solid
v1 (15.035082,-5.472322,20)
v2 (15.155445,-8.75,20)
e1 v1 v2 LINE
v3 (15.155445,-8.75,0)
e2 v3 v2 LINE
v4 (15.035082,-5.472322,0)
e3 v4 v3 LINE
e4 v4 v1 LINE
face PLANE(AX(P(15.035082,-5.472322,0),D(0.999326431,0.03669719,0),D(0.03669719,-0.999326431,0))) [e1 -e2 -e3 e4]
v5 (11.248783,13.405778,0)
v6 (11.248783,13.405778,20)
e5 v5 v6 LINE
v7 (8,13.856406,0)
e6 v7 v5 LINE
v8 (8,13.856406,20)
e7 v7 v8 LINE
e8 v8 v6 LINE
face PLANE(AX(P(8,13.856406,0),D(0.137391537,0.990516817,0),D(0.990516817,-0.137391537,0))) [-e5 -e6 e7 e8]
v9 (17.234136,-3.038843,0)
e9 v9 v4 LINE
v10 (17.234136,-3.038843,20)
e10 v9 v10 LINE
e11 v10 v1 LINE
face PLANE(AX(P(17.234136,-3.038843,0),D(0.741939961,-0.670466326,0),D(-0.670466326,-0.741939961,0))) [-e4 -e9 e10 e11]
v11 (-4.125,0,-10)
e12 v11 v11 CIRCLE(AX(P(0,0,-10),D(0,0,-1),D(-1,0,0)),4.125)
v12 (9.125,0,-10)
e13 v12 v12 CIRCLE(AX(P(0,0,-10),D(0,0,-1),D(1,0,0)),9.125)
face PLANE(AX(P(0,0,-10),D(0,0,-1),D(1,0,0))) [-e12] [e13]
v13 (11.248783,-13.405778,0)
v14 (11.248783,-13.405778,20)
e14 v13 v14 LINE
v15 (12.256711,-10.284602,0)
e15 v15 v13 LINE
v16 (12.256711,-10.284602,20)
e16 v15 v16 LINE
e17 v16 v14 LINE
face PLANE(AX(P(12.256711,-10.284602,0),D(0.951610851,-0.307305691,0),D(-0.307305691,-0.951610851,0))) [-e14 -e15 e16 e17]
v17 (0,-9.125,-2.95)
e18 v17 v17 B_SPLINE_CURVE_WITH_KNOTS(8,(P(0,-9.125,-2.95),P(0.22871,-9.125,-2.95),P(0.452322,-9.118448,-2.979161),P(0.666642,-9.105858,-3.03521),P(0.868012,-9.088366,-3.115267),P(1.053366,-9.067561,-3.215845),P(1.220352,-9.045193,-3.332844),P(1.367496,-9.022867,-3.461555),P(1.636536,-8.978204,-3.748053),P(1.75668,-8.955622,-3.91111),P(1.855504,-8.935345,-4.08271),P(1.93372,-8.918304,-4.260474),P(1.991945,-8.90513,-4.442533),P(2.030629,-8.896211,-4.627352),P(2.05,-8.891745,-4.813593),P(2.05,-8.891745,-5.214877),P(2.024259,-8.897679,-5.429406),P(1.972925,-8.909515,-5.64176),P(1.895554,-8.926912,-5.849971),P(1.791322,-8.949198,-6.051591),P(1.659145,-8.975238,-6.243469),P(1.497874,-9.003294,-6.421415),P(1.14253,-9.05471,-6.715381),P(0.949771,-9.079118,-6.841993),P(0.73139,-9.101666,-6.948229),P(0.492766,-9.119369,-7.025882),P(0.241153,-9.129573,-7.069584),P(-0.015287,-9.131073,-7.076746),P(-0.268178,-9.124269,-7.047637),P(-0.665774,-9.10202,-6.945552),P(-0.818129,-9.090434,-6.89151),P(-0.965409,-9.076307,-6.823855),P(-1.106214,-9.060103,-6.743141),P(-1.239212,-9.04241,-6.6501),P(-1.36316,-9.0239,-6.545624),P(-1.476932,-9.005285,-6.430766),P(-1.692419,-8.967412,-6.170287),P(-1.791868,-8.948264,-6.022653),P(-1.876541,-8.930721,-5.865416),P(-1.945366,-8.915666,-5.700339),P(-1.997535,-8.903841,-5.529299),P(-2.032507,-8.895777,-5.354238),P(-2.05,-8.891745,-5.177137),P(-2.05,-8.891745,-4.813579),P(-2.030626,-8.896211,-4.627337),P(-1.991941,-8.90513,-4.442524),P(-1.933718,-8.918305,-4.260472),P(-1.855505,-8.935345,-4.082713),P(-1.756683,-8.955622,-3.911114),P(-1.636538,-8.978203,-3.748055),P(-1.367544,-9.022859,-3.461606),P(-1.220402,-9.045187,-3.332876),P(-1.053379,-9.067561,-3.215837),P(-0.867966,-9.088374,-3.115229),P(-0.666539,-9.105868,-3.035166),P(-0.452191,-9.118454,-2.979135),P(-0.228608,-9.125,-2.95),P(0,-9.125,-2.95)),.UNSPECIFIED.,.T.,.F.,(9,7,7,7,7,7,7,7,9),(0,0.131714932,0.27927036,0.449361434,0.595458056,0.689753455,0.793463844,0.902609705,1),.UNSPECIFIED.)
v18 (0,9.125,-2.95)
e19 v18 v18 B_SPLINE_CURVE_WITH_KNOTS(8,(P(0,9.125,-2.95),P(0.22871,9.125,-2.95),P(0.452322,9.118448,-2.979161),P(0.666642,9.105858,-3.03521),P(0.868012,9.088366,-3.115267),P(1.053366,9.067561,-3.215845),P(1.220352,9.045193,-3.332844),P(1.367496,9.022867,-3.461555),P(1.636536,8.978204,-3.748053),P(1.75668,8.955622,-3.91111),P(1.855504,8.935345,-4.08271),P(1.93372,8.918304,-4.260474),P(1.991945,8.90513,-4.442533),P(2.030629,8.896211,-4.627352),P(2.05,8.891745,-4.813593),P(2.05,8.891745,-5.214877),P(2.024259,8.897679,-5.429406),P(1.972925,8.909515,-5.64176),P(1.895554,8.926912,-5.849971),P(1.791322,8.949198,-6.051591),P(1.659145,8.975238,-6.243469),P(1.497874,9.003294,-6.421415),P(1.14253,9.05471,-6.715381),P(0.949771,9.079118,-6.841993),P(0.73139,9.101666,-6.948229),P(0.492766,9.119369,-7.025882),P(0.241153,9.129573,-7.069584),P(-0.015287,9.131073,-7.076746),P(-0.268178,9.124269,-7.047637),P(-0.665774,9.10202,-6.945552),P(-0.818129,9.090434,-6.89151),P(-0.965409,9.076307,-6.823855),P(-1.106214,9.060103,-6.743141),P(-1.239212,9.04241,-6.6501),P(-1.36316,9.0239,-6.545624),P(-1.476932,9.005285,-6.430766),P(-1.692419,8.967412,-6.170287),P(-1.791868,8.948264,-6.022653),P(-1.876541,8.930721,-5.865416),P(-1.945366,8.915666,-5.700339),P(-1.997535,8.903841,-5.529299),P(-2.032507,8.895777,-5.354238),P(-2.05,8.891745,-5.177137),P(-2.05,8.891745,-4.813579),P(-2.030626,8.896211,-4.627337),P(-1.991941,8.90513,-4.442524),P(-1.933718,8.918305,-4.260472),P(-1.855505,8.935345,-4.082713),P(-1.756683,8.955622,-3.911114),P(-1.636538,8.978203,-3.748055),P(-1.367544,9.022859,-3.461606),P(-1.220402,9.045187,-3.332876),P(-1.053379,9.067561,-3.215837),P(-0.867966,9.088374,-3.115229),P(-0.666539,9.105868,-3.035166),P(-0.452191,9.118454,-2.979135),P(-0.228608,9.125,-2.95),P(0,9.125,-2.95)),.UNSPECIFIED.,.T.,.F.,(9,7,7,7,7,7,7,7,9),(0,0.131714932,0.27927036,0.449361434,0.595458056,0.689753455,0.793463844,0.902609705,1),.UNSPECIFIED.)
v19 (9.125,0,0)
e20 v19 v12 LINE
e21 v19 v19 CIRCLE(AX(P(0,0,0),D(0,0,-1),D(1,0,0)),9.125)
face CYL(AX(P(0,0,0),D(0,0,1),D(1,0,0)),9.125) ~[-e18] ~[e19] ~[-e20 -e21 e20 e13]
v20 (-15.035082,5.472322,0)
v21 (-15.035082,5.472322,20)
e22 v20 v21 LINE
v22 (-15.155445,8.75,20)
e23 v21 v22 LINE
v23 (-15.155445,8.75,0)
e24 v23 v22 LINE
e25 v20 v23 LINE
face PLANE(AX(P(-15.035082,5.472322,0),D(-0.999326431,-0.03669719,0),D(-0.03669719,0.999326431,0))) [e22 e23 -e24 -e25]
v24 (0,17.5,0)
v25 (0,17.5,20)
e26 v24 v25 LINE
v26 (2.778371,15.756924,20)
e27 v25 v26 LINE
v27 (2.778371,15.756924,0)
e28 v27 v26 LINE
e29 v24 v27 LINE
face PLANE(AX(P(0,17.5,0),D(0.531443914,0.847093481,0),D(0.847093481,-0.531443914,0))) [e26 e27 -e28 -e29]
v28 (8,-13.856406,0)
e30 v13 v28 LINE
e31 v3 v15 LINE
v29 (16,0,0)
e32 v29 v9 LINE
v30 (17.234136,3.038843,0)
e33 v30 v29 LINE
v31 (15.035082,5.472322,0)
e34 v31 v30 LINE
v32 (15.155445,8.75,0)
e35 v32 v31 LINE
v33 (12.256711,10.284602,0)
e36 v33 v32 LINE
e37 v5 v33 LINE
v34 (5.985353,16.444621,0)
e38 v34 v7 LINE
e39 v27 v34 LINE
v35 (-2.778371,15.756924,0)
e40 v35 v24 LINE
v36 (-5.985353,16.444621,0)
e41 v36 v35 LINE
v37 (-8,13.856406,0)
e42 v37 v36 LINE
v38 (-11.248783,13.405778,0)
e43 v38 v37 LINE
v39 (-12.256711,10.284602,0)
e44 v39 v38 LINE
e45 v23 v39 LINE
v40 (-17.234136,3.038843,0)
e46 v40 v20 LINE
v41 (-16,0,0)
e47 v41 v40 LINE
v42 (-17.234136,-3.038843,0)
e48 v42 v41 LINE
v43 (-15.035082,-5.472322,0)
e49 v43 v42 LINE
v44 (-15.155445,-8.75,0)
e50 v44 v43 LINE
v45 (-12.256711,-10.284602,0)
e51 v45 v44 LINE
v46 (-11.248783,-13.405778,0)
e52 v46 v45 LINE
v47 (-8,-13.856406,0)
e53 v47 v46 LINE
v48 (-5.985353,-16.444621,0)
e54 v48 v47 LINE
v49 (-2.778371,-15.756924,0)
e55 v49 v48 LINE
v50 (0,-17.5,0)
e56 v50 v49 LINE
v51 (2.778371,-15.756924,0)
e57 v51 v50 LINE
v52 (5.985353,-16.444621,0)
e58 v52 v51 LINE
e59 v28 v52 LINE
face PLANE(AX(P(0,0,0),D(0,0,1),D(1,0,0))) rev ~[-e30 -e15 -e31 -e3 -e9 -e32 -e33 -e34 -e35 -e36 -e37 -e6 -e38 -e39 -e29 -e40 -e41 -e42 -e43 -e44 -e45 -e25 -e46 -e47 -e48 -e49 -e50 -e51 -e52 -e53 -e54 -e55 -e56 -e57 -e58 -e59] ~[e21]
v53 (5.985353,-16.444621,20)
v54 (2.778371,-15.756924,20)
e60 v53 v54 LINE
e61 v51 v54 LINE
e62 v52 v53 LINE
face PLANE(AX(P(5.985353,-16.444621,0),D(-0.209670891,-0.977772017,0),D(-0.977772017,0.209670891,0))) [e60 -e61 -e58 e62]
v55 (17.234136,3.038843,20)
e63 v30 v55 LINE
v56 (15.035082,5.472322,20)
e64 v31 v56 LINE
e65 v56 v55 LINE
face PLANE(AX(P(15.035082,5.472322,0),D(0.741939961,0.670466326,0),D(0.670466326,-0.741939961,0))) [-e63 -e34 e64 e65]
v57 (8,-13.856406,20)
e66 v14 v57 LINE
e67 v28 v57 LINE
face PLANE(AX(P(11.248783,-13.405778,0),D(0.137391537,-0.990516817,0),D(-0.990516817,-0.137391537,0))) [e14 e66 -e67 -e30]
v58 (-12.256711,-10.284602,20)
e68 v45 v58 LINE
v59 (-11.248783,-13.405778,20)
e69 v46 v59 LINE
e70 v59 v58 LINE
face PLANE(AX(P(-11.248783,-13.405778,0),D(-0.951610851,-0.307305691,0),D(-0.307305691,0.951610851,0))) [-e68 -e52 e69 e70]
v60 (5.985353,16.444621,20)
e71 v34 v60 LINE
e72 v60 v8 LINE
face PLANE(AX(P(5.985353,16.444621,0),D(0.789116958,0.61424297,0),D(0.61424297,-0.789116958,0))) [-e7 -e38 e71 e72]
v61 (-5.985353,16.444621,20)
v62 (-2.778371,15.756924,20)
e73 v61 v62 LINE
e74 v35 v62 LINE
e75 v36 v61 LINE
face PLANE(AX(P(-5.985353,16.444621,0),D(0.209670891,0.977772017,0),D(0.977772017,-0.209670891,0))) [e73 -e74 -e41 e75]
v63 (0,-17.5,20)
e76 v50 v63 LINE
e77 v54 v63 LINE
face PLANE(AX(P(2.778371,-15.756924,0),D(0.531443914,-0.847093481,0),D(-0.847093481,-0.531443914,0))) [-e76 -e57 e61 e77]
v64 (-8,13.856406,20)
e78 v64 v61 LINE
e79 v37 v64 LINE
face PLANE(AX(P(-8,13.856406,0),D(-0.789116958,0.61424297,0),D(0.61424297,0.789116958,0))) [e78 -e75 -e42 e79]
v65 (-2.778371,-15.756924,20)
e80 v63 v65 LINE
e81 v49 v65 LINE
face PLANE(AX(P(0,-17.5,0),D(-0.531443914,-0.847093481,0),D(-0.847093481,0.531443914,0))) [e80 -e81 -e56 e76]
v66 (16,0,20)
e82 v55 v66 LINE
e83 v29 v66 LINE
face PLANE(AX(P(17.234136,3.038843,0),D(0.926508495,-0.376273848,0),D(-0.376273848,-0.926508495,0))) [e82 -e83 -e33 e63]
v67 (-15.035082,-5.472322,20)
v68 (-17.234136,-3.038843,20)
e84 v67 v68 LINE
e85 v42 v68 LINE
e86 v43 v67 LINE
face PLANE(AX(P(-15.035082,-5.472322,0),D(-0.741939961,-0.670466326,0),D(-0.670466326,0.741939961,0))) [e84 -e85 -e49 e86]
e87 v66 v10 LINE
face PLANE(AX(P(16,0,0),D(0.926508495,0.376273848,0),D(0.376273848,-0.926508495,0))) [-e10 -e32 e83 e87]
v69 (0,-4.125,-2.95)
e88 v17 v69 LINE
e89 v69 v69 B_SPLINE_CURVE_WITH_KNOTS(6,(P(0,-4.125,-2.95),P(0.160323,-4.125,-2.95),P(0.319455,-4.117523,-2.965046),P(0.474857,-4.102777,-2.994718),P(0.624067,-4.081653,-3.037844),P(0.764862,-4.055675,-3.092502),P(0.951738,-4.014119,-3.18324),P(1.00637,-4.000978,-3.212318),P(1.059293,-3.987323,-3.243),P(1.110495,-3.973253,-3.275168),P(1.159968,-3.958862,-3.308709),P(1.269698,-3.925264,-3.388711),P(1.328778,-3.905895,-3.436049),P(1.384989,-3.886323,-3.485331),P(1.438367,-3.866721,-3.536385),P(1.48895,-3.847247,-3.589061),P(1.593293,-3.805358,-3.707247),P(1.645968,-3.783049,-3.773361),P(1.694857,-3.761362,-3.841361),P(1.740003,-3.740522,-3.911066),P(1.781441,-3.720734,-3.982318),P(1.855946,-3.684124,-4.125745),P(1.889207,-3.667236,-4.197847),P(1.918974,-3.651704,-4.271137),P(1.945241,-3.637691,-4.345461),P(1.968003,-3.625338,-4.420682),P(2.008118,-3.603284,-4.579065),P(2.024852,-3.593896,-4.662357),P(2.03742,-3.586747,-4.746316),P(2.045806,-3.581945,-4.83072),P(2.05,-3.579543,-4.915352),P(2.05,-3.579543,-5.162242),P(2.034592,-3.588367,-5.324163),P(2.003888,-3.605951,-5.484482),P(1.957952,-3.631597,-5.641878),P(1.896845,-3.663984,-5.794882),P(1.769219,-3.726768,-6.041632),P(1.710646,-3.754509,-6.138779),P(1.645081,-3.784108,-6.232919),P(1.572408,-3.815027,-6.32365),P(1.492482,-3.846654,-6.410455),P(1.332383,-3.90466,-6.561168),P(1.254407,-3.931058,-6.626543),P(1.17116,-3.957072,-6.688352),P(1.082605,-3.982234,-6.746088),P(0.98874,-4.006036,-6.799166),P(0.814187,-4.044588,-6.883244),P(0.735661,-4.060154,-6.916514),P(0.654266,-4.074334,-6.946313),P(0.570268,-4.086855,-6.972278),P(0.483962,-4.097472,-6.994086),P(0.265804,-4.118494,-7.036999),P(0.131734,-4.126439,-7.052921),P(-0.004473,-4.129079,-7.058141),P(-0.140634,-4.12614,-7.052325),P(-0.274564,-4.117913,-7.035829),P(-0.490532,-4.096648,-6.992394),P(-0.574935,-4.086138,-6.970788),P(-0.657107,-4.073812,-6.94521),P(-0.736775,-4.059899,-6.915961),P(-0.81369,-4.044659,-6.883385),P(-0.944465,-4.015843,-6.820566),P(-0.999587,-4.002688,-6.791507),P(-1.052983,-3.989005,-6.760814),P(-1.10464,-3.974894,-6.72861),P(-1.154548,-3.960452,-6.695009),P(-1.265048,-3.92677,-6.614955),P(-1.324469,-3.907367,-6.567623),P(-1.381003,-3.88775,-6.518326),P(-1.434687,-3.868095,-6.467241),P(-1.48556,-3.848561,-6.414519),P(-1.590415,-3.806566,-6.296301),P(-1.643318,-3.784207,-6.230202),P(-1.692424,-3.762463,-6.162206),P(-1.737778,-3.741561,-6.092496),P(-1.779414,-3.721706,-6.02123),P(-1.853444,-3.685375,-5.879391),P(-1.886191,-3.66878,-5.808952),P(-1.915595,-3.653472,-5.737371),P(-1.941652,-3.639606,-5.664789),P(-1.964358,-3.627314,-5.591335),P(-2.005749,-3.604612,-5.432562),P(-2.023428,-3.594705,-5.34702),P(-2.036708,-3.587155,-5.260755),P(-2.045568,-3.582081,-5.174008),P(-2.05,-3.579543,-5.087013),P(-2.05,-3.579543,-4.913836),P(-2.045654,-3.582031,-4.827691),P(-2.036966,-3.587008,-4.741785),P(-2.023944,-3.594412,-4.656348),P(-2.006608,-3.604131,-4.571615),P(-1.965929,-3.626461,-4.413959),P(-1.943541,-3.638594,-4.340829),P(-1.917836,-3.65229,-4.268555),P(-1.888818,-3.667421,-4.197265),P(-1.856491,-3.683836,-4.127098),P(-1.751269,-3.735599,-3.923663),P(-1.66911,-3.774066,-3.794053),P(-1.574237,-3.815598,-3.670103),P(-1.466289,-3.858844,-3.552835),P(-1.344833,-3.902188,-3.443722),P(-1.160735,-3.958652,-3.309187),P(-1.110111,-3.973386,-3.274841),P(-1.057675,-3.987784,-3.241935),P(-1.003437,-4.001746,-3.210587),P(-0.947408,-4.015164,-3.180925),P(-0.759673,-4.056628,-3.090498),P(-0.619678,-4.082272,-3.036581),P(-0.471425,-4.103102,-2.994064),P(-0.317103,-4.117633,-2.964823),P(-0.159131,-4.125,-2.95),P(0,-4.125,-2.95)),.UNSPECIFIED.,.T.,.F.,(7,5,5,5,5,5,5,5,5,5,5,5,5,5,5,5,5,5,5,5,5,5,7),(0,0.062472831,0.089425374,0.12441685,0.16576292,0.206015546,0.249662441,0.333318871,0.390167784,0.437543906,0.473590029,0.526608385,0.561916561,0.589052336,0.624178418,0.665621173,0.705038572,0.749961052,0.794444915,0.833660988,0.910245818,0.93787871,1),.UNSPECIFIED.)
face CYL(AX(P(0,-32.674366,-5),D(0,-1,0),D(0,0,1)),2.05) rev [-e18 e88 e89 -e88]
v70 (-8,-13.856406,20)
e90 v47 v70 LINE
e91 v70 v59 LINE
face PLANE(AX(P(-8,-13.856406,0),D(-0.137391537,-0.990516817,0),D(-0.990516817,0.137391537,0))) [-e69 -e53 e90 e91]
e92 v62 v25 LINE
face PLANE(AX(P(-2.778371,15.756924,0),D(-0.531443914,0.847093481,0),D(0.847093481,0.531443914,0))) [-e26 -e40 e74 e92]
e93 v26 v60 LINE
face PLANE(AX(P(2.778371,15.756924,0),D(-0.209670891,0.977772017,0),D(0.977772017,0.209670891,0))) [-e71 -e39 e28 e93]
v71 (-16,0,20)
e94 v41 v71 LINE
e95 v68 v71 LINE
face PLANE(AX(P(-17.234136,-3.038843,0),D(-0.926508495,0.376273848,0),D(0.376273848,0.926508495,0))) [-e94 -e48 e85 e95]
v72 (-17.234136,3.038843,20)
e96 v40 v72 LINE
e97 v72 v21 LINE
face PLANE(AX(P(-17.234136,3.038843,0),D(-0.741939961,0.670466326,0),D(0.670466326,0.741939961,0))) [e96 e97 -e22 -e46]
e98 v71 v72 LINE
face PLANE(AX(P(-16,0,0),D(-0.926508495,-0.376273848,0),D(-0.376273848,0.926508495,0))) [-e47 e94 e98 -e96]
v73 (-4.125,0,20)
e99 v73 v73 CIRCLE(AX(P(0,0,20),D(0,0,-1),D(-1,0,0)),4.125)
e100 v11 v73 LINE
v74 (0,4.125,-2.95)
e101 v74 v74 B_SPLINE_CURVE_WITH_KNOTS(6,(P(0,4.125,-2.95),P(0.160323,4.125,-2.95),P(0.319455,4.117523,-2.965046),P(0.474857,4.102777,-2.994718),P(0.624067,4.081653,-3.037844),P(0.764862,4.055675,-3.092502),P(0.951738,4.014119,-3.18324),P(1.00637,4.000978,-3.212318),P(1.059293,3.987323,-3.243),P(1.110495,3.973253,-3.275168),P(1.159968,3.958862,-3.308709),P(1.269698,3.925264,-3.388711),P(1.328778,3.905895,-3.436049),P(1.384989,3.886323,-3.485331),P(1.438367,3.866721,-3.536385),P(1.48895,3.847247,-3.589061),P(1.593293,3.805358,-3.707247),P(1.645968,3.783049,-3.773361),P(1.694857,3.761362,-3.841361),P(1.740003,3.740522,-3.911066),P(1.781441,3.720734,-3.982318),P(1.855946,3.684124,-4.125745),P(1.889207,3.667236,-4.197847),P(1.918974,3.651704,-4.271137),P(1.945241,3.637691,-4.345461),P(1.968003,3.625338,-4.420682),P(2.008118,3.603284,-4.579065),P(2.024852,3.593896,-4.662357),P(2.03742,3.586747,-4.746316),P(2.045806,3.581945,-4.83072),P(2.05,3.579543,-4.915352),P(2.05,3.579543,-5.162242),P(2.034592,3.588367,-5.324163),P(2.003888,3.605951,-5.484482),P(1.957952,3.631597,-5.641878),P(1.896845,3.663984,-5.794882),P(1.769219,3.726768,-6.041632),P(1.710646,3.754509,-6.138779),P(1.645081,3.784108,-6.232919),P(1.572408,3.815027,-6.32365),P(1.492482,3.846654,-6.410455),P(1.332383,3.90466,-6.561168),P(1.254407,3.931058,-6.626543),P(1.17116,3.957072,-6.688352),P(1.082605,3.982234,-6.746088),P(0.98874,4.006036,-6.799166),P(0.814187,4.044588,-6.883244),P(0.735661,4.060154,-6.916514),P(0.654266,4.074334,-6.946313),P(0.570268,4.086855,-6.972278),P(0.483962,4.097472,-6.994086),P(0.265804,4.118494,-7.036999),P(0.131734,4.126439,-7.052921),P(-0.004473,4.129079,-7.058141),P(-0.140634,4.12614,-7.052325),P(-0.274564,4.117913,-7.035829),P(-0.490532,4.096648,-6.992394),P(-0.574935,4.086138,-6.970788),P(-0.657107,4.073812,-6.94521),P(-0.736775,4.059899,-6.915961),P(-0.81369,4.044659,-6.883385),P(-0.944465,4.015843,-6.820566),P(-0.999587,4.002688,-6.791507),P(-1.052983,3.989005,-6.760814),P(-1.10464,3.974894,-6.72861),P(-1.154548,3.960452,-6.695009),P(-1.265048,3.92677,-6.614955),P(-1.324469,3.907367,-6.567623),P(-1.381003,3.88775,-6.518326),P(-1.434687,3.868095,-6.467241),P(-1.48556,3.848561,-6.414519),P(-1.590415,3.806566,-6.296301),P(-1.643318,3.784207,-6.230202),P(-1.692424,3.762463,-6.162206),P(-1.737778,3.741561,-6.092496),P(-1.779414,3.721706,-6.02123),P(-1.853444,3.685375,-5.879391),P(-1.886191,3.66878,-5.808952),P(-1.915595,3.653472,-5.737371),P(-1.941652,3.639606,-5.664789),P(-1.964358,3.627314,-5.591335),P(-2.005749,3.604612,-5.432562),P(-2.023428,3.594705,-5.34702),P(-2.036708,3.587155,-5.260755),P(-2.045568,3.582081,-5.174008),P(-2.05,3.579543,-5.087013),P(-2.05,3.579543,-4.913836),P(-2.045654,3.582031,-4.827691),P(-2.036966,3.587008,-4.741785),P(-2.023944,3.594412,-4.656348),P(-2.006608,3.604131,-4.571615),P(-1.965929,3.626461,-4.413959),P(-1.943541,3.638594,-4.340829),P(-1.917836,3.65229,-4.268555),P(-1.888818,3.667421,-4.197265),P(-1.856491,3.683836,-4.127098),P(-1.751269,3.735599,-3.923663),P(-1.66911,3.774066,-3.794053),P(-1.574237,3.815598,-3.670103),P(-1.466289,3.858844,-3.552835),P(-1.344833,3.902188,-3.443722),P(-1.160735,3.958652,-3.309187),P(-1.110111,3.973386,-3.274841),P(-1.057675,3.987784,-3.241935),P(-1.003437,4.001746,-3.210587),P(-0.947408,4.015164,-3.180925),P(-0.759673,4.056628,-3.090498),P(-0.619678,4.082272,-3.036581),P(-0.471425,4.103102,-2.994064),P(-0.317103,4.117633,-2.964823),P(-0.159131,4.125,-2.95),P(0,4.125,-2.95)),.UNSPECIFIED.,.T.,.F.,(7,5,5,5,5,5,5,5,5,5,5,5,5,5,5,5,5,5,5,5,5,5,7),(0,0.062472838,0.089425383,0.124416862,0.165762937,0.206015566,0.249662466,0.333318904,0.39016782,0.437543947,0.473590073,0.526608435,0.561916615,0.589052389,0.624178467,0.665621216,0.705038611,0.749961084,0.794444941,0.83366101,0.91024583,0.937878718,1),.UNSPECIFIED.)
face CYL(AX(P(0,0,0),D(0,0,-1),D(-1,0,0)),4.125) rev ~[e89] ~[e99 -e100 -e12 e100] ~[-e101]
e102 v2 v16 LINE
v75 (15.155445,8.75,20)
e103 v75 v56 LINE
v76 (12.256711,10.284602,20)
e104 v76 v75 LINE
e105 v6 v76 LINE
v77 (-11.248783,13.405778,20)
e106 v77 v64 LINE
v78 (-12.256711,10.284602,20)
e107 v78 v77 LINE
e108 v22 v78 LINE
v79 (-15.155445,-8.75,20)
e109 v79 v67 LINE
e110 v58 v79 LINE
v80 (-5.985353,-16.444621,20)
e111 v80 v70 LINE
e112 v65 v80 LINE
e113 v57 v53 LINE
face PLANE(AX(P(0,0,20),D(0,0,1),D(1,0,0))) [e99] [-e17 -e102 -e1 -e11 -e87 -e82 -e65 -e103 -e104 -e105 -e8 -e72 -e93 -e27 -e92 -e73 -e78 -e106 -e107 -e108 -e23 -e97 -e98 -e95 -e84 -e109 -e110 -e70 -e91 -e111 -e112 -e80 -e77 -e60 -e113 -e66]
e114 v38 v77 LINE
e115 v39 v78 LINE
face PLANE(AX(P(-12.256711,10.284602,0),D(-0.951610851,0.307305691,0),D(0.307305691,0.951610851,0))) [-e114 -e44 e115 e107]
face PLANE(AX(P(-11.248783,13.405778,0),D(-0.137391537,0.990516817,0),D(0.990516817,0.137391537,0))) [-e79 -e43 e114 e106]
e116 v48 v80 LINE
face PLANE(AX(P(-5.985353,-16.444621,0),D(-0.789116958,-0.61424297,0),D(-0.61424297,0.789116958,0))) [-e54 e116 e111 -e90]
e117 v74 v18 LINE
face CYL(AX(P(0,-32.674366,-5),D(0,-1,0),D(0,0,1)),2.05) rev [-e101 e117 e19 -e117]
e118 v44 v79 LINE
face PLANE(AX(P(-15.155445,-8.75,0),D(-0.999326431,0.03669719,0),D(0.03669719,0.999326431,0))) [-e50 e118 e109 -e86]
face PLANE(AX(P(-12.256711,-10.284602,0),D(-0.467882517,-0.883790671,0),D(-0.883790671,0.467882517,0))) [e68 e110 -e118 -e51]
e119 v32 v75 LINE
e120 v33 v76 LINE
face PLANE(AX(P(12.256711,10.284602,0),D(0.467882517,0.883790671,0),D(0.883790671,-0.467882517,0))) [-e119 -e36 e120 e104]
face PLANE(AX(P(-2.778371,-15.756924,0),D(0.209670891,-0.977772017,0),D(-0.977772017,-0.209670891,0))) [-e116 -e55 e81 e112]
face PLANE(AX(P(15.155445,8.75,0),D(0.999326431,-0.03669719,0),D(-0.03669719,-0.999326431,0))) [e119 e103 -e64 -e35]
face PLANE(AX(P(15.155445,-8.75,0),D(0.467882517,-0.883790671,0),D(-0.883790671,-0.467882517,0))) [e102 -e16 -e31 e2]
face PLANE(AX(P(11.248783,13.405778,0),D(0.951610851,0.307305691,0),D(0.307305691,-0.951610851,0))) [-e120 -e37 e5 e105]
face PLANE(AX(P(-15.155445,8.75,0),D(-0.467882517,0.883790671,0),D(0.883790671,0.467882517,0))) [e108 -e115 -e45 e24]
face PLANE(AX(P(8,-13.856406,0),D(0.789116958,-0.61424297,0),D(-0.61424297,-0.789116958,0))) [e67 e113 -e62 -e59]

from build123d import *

# Parameters (mm, degrees)
CROQUIS1_R                 = 17.5
SALIENTE_EXTRUIR1_DEPTH    = 20
CROQUIS2_R                 = 9.125
CROQUIS2_R_2               = 4.125
SALIENTE_EXTRUIR2_DEPTH    = 10
CORTAR_EXTRUIR1_START      = -20
CROQUIS3_R                 = 19
CORTAR_EXTRUIR1_DEPTH      = 20
CORTAR_EXTRUIR2_DEPTH      = 32.674365543
CORTAR_EXTRUIR2_DEPTH_BACK = 32.674365543
CROQUIS4_R                 = 2.05
CROQUIS5_R                 = 4.125
CORTAR_EXTRUIR3_DEPTH      = 32.674365543


with BuildPart() as part:
    # Croquis1 → Saliente-Extruir1 (new body)
    with BuildSketch(Plane.XY):
        Circle(CROQUIS1_R)
    extrude(amount=SALIENTE_EXTRUIR1_DEPTH)

    # Croquis2 → Saliente-Extruir2 (add)
    with BuildSketch(Plane(origin=(0, 0, 0), x_dir=(-1, 0, 0), z_dir=(0, 0, -1))):
        with Locations(Location((0, 0, 0), (0, 0, 180))):
            Circle(CROQUIS2_R)
        Circle(CROQUIS2_R_2, mode=Mode.SUBTRACT)
    extrude(amount=SALIENTE_EXTRUIR2_DEPTH)

    # Croquis3 → Cortar-Extruir1 (cut)
    with BuildSketch(Plane.XY.offset(20).offset(CORTAR_EXTRUIR1_START)):
        Circle(CROQUIS3_R)
        Polygon((0, 17.5), (2.778370843, 15.756924048), (5.985352508, 16.444620864), (8, 13.856406461), (11.24878317, 13.405777755), (12.25671109, 10.284601755), (15.155444566, 8.75), (15.035081933, 5.472322293), (17.234135678, 3.038843109), (16, 0), (17.234135678, -3.038843109), (15.035081933, -5.472322293), (15.155444566, -8.75), (12.25671109, -10.284601755), (11.24878317, -13.405777755), (8, -13.856406461), (5.985352508, -16.444620864), (2.778370843, -15.756924048), (0, -17.5), (-2.778370843, -15.756924048), (-5.985352508, -16.444620864), (-8, -13.856406461), (-11.24878317, -13.405777755), (-12.25671109, -10.284601755), (-15.155444566, -8.75), (-15.035081933, -5.472322293), (-17.234135678, -3.038843109), (-16, 0), (-17.234135678, 3.038843109), (-15.035081933, 5.472322293), (-15.155444566, 8.75), (-12.25671109, 10.284601755), (-11.24878317, 13.405777755), (-8, 13.856406461), (-5.985352508, 16.444620864), (-2.778370843, 15.756924048), align=None, mode=Mode.SUBTRACT)
    extrude(amount=CORTAR_EXTRUIR1_DEPTH, mode=Mode.SUBTRACT)

    # Croquis4 → Cortar-Extruir2 (cut, two sides: drawn at the far end of the back side and taken through both)
    with BuildSketch(Plane(origin=(0, 0, 0), x_dir=(1, 0, 0), z_dir=(0, 1, 0)).offset(-CORTAR_EXTRUIR2_DEPTH_BACK)):
        with Locations(Location((0, 5, 0), (0, 0, 270))):
            Circle(CROQUIS4_R)
    extrude(amount=CORTAR_EXTRUIR2_DEPTH + CORTAR_EXTRUIR2_DEPTH_BACK, mode=Mode.SUBTRACT)

    # Croquis5 → Cortar-Extruir3 (cut, through all)
    with BuildSketch(Plane(origin=(0, 0, 0), x_dir=(-1, 0, 0), z_dir=(0, 0, -1))):
        Circle(CROQUIS5_R)
    extrude(amount=-CORTAR_EXTRUIR3_DEPTH, mode=Mode.SUBTRACT)


solid = part.part
